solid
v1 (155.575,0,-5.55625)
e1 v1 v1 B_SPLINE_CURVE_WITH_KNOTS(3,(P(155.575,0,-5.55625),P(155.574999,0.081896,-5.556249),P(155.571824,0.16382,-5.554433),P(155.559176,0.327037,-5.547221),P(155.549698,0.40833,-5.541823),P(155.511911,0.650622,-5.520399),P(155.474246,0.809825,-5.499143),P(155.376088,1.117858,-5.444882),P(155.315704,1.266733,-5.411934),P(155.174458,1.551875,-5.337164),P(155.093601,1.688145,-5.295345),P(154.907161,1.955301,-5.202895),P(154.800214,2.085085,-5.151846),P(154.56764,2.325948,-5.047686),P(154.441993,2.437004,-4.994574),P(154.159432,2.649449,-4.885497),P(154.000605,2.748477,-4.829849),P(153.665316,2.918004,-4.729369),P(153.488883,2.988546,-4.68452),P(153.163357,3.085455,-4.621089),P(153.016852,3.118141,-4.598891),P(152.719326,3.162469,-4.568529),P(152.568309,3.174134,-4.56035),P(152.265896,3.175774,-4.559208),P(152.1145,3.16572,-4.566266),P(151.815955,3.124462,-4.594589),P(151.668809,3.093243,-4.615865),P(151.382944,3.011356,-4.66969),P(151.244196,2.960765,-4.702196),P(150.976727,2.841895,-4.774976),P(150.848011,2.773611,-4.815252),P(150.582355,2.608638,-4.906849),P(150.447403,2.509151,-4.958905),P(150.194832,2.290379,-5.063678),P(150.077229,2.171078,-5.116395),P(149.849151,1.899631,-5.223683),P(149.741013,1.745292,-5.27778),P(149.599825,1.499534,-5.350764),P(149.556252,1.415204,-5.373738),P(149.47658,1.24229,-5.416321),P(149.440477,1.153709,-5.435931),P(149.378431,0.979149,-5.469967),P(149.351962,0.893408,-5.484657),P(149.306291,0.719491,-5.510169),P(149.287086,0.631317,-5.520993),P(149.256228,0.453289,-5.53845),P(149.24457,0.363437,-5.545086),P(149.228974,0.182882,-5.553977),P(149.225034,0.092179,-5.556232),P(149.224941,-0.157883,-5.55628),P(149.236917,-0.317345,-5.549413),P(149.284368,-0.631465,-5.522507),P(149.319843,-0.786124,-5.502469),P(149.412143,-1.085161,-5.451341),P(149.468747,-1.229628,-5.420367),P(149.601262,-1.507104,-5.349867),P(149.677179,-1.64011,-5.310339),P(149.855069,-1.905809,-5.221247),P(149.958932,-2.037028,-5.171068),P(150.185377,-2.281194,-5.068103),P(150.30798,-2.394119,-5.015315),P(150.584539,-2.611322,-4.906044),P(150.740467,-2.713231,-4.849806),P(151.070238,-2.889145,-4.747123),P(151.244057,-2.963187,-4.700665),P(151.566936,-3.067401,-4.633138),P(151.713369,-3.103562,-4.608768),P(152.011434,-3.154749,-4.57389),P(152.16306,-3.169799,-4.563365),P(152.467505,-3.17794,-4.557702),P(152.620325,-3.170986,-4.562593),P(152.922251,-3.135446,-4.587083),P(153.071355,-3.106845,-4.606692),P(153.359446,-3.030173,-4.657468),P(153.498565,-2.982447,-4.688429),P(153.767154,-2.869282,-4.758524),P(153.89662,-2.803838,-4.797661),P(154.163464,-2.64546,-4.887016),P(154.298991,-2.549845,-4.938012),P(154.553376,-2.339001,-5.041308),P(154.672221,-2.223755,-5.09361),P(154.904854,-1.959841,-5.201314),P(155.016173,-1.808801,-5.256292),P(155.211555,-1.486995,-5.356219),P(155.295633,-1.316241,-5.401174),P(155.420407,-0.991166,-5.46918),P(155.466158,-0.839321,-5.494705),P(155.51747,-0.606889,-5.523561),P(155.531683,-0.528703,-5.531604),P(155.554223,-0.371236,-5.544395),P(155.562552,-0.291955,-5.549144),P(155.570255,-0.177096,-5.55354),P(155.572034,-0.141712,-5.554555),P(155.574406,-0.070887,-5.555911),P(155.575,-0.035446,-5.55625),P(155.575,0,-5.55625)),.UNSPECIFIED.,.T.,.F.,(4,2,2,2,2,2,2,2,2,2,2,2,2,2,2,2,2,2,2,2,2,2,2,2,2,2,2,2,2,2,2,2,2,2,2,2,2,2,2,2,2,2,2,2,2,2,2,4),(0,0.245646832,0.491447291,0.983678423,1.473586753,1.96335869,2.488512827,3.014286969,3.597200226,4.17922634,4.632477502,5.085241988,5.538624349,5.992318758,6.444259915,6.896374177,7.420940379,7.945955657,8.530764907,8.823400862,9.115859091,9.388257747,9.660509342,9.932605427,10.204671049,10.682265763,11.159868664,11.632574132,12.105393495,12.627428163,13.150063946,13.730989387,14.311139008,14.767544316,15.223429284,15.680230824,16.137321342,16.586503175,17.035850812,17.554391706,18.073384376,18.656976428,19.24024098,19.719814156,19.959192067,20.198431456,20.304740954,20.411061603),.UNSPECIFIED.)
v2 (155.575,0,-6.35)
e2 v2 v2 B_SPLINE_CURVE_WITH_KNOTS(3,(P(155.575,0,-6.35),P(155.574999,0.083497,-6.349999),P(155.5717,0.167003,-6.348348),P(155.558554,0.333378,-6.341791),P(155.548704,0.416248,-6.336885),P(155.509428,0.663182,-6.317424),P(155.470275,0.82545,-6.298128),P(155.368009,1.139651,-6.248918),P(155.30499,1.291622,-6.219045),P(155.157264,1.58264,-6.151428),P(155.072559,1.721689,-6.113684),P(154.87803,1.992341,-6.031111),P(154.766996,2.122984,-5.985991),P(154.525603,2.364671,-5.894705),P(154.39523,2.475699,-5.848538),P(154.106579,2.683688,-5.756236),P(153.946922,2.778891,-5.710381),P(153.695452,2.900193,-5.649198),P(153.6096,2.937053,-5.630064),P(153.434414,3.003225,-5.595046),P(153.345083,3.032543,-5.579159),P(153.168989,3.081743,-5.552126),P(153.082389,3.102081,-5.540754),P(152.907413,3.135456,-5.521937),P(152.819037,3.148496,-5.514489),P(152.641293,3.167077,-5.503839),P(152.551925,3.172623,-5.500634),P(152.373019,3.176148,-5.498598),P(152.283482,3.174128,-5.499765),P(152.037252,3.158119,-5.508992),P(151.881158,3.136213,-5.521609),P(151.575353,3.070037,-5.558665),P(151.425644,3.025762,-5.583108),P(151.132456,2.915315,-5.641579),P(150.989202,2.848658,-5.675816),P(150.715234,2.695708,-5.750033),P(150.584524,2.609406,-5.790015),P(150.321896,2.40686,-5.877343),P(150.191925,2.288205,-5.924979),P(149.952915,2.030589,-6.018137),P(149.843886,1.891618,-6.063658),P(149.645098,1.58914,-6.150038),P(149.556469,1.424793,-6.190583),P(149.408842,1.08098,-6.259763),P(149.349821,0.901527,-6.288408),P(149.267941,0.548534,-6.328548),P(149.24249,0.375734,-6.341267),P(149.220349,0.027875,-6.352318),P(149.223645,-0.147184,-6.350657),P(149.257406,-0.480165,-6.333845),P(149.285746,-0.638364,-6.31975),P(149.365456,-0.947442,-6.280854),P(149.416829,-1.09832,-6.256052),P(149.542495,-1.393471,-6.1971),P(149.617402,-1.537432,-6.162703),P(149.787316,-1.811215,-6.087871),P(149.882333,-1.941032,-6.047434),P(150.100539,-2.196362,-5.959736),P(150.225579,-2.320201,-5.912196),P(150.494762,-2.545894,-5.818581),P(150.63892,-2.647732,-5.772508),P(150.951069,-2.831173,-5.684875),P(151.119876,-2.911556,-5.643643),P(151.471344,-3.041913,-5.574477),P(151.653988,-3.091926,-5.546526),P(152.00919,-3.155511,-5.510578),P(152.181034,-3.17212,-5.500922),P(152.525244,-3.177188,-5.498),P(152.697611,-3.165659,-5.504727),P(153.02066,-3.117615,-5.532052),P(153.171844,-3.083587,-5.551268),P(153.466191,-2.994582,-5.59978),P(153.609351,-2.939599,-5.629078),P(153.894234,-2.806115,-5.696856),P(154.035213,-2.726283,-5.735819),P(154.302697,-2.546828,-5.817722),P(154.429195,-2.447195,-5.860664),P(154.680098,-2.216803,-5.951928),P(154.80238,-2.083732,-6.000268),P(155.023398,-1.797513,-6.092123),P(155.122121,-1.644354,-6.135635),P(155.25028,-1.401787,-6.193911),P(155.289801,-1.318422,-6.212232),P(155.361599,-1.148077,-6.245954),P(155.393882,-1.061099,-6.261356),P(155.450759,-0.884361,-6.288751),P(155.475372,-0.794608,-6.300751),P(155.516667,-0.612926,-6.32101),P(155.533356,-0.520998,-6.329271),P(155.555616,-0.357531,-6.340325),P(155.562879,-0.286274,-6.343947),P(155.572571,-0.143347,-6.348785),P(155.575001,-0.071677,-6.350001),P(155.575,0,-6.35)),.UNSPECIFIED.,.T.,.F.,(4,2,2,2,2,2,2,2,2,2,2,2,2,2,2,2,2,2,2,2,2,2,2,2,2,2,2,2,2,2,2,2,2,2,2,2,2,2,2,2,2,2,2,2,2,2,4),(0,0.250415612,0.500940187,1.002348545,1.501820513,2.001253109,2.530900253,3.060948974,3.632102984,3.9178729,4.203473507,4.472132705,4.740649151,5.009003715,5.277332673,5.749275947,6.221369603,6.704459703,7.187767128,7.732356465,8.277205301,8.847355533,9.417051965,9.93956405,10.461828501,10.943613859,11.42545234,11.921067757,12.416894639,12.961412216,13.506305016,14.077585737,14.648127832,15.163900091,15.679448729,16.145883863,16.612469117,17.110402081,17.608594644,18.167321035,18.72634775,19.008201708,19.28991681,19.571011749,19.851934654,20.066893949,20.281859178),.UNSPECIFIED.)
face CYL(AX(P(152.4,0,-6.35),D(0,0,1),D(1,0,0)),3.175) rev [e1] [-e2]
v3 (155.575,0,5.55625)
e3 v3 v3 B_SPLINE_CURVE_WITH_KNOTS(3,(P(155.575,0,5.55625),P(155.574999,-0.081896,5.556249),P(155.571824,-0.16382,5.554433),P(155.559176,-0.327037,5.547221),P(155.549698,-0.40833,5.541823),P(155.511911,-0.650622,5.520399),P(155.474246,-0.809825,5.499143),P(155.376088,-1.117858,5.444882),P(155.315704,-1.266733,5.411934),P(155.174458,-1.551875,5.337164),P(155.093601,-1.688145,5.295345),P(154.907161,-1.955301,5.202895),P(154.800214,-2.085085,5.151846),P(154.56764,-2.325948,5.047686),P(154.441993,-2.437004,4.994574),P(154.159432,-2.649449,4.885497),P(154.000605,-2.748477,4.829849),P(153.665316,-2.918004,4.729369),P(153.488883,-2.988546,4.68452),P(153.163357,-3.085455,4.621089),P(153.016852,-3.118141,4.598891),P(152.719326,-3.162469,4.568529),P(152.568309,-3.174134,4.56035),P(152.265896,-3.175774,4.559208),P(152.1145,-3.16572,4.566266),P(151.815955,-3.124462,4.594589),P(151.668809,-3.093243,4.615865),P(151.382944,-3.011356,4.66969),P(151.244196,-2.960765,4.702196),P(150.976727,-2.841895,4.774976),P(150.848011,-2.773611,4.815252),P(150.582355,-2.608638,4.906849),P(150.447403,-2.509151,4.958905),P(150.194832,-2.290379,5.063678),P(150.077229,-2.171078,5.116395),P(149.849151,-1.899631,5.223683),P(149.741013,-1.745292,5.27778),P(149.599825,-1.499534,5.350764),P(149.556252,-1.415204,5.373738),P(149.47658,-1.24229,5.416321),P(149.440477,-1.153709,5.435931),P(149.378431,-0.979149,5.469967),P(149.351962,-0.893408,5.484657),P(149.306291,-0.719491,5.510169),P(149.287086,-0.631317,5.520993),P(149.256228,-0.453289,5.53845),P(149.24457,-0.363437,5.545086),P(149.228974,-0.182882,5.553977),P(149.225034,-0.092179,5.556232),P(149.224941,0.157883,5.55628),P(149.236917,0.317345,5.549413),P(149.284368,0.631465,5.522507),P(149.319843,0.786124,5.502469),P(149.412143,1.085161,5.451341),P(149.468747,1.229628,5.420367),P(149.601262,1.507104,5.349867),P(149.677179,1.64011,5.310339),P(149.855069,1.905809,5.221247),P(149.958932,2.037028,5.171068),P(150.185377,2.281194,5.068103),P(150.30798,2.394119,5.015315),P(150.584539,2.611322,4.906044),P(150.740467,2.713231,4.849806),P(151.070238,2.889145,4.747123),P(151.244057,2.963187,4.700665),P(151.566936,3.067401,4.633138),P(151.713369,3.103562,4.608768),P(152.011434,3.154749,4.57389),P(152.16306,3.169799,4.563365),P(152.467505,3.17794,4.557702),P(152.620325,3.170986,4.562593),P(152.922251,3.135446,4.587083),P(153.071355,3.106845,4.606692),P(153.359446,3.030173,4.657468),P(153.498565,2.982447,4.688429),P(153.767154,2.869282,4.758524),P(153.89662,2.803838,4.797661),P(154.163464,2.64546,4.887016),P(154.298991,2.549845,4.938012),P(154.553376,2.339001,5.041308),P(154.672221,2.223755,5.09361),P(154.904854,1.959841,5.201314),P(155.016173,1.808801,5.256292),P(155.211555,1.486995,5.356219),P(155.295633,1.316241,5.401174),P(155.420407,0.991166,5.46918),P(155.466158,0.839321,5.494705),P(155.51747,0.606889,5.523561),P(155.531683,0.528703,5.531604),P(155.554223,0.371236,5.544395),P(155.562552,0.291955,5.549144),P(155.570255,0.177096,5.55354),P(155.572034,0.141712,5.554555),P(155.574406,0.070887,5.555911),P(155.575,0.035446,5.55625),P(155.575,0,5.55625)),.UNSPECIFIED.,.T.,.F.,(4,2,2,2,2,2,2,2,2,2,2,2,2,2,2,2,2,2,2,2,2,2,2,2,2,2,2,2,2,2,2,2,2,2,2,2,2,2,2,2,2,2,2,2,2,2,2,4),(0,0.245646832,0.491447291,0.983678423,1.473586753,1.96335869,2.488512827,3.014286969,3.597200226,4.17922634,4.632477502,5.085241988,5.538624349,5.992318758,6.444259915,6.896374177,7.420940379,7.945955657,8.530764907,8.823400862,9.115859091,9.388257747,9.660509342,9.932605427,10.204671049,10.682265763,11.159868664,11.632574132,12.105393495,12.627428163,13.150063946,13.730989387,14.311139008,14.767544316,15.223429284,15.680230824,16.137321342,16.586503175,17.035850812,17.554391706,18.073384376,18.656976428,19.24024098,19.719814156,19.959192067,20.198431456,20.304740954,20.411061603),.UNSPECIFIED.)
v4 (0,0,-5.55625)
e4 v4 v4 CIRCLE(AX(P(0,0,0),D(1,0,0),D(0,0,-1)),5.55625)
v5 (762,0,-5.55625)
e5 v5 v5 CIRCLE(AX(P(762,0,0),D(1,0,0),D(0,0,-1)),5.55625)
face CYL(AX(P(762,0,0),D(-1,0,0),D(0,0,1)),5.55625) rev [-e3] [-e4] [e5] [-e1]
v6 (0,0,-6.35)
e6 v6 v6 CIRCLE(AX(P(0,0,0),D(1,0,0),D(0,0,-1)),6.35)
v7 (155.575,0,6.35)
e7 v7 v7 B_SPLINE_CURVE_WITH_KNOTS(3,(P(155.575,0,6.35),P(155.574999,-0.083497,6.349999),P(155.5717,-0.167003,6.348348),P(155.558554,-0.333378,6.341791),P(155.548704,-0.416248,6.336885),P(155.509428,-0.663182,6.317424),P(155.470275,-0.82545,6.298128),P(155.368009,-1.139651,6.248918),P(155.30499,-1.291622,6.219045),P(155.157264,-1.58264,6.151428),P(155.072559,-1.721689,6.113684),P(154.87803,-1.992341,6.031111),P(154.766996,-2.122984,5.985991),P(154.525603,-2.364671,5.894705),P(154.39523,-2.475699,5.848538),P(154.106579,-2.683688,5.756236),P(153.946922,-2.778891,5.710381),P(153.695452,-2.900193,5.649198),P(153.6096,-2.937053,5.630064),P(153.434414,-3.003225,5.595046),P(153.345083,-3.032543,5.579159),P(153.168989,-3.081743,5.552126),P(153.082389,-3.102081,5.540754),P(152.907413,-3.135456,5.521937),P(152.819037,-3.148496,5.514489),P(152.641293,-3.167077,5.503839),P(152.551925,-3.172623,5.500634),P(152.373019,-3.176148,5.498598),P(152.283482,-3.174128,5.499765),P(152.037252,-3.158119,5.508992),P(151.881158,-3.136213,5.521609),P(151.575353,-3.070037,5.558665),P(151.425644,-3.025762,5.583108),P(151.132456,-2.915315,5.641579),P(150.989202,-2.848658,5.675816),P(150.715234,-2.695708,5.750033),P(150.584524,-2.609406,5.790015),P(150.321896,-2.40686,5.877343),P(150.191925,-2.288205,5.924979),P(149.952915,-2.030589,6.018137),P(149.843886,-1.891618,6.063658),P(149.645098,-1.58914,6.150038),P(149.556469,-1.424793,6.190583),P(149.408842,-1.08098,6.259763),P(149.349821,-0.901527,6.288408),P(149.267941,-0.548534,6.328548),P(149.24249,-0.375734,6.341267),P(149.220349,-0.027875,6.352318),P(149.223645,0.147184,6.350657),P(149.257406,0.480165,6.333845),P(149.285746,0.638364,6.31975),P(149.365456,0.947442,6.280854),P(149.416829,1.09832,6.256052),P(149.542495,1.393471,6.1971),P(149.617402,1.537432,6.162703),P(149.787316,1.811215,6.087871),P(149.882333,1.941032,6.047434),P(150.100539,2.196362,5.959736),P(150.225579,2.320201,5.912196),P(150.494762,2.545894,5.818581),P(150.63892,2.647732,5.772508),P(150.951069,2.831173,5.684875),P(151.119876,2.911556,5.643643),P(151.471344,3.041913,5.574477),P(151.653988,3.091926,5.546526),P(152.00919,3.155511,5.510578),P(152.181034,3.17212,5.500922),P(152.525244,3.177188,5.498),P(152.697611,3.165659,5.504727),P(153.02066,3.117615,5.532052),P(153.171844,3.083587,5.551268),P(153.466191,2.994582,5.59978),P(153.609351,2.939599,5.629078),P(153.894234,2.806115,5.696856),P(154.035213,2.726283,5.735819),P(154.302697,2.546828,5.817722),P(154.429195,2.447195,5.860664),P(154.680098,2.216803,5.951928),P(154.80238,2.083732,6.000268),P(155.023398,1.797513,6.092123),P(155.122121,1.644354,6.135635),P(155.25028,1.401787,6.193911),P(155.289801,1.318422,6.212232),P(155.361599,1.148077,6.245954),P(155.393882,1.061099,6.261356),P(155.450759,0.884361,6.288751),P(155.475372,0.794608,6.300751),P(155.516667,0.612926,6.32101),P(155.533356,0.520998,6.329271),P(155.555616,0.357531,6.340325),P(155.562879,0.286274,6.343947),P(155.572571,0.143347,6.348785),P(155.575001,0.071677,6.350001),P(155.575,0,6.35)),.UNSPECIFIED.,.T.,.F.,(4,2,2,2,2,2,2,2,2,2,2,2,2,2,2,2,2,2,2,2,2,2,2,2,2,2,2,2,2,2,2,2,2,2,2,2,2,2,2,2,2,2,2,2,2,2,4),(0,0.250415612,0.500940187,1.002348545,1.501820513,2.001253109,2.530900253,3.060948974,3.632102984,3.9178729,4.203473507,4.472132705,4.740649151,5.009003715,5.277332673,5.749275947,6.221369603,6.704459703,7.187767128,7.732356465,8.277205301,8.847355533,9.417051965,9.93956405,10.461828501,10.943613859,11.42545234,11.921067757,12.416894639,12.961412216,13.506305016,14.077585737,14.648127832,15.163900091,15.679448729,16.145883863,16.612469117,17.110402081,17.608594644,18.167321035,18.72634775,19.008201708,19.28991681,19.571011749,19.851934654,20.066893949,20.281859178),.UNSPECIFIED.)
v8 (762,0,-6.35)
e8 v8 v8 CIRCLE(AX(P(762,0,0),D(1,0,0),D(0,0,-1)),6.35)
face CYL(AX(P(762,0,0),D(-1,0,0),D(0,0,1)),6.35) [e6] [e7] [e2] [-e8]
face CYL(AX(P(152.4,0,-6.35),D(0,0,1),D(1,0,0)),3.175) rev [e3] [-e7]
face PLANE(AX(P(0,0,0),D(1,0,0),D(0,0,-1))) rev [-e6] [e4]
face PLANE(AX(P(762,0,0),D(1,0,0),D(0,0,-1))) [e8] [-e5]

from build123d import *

# Parameters (mm, degrees)
SKETCH2_R               = 6.35
SKETCH2_R_2             = 5.55625
SKETCH3_R               = 3.175
CUT_EXTRUDE1_DEPTH      = 7.35
CUT_EXTRUDE1_DEPTH_BACK = 7.35


with BuildPart() as part:
    # Sweep1: sweep along a path in Sketch1
    with BuildLine(Plane.XY) as sweep1_path:
        Line((0, 0), (762, 0))
    # Sketch2 → Sweep1 (sweep)
    with BuildSketch(Plane(origin=(0, 0, 0), x_dir=(0, 0, -1), z_dir=(1, 0, 0))):
        Circle(SKETCH2_R)
        Circle(SKETCH2_R_2, mode=Mode.SUBTRACT)
    sweep(path=sweep1_path.line)

    # Sketch3 → Cut-Extrude1 (cut, two sides)
    with BuildSketch(Plane.XY) as cut_extrude1_sk:
        with Locations((152.4, 0)):
            Circle(SKETCH3_R)
    extrude(amount=CUT_EXTRUDE1_DEPTH, mode=Mode.SUBTRACT)
    extrude(cut_extrude1_sk.sketch, amount=-CUT_EXTRUDE1_DEPTH_BACK, mode=Mode.SUBTRACT)


solid = part.part
